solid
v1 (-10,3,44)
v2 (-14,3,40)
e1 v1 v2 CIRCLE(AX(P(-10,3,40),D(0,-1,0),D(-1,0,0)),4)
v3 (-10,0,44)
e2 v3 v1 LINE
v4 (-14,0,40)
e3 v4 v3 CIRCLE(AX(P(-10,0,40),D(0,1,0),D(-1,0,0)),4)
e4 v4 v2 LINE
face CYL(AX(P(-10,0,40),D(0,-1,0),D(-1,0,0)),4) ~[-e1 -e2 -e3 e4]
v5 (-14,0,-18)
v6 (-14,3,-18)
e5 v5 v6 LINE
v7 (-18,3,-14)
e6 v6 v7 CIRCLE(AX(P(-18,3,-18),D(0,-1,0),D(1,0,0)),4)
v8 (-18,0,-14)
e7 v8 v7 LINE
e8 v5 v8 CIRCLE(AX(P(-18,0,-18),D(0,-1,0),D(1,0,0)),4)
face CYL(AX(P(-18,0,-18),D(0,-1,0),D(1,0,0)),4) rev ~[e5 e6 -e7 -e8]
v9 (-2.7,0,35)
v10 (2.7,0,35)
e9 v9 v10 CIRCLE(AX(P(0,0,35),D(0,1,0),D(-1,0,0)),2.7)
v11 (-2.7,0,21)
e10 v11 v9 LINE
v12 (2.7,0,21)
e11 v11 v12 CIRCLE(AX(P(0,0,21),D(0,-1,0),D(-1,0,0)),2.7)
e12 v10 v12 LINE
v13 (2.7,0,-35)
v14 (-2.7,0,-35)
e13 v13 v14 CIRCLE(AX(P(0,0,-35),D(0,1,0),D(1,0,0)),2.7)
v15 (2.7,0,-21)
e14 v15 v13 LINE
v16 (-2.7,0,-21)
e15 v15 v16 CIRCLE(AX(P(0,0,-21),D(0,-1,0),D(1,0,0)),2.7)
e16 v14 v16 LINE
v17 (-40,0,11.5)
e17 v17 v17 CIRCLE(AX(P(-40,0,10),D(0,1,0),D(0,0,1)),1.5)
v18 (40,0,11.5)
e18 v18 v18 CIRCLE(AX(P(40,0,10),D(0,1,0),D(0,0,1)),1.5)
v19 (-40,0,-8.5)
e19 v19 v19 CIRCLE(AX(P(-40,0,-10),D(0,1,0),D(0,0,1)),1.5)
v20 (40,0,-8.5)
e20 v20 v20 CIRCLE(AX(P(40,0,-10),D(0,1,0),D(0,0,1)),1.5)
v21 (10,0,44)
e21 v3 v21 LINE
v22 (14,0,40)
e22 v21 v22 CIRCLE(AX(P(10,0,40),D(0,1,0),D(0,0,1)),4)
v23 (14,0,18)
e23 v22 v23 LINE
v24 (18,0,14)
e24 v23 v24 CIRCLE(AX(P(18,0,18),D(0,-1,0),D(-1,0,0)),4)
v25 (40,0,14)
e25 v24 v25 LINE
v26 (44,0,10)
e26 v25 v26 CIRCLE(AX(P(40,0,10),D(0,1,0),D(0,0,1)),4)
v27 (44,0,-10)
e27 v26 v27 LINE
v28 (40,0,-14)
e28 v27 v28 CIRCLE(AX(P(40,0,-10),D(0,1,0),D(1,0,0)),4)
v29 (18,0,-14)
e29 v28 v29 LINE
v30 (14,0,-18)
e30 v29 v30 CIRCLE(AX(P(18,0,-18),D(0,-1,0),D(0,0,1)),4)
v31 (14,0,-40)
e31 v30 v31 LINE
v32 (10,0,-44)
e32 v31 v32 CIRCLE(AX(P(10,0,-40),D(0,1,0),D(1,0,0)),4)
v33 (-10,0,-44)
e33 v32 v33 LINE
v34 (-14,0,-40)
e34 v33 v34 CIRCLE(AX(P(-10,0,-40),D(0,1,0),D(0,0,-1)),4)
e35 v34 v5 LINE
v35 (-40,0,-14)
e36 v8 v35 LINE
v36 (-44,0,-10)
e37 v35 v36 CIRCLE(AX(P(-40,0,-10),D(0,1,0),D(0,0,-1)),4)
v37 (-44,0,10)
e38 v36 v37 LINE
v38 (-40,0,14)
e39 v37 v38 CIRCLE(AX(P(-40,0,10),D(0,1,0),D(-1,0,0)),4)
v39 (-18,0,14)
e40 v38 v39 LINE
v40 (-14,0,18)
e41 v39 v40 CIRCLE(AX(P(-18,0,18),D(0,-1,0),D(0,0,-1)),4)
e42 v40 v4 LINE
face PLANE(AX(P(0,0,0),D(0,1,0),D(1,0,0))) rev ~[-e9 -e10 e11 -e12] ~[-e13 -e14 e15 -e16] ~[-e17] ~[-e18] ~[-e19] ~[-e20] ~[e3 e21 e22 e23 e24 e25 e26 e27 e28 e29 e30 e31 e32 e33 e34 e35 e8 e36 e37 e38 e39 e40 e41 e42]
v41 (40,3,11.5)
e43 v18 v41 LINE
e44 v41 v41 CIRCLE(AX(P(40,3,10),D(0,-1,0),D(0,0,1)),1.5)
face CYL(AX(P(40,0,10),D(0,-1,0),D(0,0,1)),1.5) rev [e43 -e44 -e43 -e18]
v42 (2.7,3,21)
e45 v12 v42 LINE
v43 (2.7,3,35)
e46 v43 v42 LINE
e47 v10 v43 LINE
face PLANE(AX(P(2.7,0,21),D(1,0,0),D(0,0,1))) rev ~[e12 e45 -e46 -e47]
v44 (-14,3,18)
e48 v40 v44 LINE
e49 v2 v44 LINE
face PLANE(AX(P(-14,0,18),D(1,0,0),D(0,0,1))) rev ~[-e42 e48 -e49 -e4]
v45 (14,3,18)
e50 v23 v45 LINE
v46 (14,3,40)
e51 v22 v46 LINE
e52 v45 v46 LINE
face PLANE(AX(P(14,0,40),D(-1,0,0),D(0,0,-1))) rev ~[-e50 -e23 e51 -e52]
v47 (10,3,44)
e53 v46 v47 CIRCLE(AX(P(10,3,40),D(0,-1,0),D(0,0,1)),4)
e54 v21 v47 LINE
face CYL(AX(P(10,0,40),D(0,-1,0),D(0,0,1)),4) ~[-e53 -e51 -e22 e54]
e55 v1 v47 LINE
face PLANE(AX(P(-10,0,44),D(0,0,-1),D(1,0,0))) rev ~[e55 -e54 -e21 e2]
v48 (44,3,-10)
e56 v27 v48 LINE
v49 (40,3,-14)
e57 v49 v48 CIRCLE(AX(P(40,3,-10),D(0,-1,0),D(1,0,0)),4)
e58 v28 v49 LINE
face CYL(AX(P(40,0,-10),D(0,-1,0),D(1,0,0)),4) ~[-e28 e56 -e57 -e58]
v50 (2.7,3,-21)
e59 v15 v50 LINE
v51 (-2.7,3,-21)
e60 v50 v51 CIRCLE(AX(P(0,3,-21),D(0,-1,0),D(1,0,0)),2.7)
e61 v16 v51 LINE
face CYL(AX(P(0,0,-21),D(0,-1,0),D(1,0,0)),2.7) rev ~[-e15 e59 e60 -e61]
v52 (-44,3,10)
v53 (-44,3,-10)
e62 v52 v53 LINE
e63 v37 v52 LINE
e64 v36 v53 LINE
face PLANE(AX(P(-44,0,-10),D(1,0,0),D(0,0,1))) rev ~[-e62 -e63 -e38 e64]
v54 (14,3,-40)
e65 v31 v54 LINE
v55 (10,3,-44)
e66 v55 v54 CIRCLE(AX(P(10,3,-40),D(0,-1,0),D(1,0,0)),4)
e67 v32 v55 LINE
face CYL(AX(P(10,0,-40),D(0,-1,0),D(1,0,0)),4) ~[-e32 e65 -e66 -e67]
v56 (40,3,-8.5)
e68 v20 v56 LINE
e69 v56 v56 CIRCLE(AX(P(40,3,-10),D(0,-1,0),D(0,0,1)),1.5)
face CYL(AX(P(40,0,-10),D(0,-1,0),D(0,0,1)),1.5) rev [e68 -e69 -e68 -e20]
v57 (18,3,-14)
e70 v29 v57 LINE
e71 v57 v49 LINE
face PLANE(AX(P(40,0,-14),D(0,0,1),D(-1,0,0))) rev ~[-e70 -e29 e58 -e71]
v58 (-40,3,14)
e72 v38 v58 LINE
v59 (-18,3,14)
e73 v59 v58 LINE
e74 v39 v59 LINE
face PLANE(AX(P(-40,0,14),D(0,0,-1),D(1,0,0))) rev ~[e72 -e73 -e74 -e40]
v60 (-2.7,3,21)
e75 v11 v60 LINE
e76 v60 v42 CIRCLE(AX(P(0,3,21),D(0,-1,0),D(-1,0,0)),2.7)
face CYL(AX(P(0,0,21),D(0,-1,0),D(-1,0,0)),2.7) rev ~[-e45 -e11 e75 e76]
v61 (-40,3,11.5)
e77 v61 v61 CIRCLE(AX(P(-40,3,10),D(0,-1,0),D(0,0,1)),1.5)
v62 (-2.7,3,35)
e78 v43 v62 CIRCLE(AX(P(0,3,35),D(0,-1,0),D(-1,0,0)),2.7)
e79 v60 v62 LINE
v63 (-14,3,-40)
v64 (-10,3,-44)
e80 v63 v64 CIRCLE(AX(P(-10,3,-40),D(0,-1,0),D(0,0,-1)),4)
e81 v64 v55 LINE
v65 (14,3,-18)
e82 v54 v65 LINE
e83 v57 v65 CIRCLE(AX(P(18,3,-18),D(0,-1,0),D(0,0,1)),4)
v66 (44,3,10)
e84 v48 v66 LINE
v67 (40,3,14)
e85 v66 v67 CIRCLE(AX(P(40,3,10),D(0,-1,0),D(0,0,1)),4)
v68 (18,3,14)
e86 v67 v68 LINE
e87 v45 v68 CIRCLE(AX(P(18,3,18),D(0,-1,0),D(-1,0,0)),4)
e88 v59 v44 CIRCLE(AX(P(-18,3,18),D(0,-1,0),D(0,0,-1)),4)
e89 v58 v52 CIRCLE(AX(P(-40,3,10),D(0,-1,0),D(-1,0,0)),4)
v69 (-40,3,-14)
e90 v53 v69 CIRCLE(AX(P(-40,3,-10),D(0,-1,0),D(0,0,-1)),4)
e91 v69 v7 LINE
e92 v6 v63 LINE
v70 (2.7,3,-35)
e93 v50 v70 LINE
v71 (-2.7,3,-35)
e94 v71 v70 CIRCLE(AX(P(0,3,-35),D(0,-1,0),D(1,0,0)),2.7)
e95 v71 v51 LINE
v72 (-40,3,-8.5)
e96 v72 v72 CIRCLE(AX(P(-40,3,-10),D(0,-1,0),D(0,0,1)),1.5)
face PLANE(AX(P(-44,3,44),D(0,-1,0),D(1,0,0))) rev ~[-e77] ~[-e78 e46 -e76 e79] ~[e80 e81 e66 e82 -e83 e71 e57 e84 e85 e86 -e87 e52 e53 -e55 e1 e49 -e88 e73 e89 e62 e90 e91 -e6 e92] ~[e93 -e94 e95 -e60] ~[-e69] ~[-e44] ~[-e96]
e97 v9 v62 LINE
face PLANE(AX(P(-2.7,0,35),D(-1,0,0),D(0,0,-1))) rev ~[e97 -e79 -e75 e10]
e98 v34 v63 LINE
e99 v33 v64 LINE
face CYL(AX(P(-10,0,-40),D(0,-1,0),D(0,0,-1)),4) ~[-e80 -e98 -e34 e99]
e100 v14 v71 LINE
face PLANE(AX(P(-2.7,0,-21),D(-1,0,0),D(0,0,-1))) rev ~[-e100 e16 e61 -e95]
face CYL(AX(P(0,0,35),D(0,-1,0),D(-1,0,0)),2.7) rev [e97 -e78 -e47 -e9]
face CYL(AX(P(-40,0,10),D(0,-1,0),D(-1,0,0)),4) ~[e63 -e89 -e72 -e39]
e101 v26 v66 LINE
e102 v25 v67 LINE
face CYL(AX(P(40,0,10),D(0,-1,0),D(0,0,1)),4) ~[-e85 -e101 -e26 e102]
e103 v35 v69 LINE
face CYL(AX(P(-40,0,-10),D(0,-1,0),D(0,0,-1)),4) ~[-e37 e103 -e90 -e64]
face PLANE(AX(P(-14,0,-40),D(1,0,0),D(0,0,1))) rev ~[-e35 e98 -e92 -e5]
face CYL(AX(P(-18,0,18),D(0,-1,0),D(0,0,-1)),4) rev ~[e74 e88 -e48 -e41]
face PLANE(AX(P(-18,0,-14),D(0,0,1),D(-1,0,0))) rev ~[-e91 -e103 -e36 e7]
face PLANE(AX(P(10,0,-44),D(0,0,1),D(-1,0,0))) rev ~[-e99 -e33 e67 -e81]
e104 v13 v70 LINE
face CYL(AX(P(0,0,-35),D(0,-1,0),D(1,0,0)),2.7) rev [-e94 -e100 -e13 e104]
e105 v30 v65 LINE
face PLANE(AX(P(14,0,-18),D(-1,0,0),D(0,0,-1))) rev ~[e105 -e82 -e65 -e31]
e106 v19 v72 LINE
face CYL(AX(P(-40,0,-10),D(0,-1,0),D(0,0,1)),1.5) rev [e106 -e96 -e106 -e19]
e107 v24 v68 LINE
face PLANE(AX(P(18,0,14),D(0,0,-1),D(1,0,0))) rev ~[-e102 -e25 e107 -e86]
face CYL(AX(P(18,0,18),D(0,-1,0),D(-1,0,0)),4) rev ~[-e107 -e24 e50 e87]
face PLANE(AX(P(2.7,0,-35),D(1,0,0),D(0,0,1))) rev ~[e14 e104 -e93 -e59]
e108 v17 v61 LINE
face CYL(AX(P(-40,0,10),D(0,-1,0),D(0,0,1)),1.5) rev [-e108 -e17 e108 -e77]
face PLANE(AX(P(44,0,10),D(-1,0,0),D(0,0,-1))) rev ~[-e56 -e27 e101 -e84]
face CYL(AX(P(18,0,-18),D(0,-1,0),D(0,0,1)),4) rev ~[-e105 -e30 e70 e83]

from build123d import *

# Parameters (mm, degrees)
SKETCH_1_R          = 1.5
EXTRUDE_1_DEPTH     = 5
CUT_EXTRUDE_1_DEPTH = 10
SKETCH_3_W          = 97.68283175
SKETCH_3_H          = 2
CUT_EXTRUDE_2_DEPTH = 94


with BuildPart() as part:
    # 草图1 → 凸台-拉伸1 (new body)
    with BuildSketch(Plane(origin=(0, 0, 0), x_dir=(1, 0, 0), z_dir=(0, 1, 0))):
        with BuildLine():
            Line((14, -40), (14, -18))
            ThreePointArc((14, -18), (15.171572875, -15.171572875), (18, -14))
            Line((18, -14), (40, -14))
            ThreePointArc((40, -14), (42.828427125, -12.828427125), (44, -10))
            Line((44, -10), (44, 10))
            ThreePointArc((44, 10), (42.828427125, 12.828427125), (40, 14))
            Line((40, 14), (18, 14))
            ThreePointArc((18, 14), (15.171572875, 15.171572875), (14, 18))
            Line((14, 18), (14, 40))
            ThreePointArc((14, 40), (12.828427125, 42.828427125), (10, 44))
            Line((10, 44), (-10, 44))
            ThreePointArc((-10, 44), (-12.828427125, 42.828427125), (-14, 40))
            Line((-14, 40), (-14, 18))
            ThreePointArc((-14, 18), (-15.171572875, 15.171572875), (-18, 14))
            Line((-18, 14), (-40, 14))
            ThreePointArc((-40, 14), (-42.828427125, 12.828427125), (-44, 10))
            Line((-44, 10), (-44, -10))
            ThreePointArc((-44, -10), (-42.828427125, -12.828427125), (-40, -14))
            Line((-40, -14), (-18, -14))
            ThreePointArc((-18, -14), (-15.171572875, -15.171572875), (-14, -18))
            Line((-14, -18), (-14, -40))
            ThreePointArc((-14, -40), (-12.828427125, -42.828427125), (-10, -44))
            Line((-10, -44), (10, -44))
            ThreePointArc((10, -44), (12.828427125, -42.828427125), (14, -40))
        make_face()
        with Locations(Location((40, 10, 0), (0, 0, 270))):
            Circle(SKETCH_1_R, mode=Mode.SUBTRACT)
        with Locations(Location((40, -10, 0), (0, 0, 270))):
            Circle(SKETCH_1_R, mode=Mode.SUBTRACT)
        with Locations(Location((-40, 10, 0), (0, 0, 270))):
            Circle(SKETCH_1_R, mode=Mode.SUBTRACT)
        with Locations(Location((-40, -10, 0), (0, 0, 270))):
            Circle(SKETCH_1_R, mode=Mode.SUBTRACT)
        with BuildLine():
            ThreePointArc((-2.7, 30), (0, 27.3), (2.7, 30))
            Line((2.7, 30), (2.7, 35))
            ThreePointArc((2.7, 35), (0, 37.7), (-2.7, 35))
            Line((-2.7, 35), (-2.7, 30))
        make_face(mode=Mode.SUBTRACT)
        with BuildLine():
            ThreePointArc((2.7, -30), (0, -27.3), (-2.7, -30))
            Line((-2.7, -30), (-2.7, -35))
            ThreePointArc((-2.7, -35), (0, -37.7), (2.7, -35))
            Line((2.7, -35), (2.7, -30))
        make_face(mode=Mode.SUBTRACT)
    extrude(amount=EXTRUDE_1_DEPTH)

    # 草图2 → 切除-拉伸1 (cut)
    with BuildSketch(Plane.XZ):
        with BuildLine():
            Line((-2.7, -21), (-2.7, -30))
            ThreePointArc((-2.7, -30), (0, -27.3), (2.7, -30))
            Line((2.7, -30), (2.7, -21))
            ThreePointArc((2.7, -21), (0, -18.3), (-2.7, -21))
        make_face()
        with BuildLine():
            ThreePointArc((2.7, 30), (0, 27.3), (-2.7, 30))
            Line((-2.7, 30), (-2.7, 21))
            ThreePointArc((-2.7, 21), (0, 18.3), (2.7, 21))
            Line((2.7, 21), (2.7, 30))
        make_face()
        with BuildLine():
            ThreePointArc((-2.7, -30), (0, -27.3), (2.7, -30))
            Line((2.7, -30), (2.7, -35))
            ThreePointArc((2.7, -35), (0, -37.7), (-2.7, -35))
            Line((-2.7, -35), (-2.7, -30))
        make_face()
        with BuildLine():
            ThreePointArc((2.7, 30), (0, 27.3), (-2.7, 30))
            Line((-2.7, 30), (-2.7, 35))
            ThreePointArc((-2.7, 35), (0, 37.7), (2.7, 35))
            Line((2.7, 35), (2.7, 30))
        make_face()
    extrude(amount=-CUT_EXTRUDE_1_DEPTH, mode=Mode.SUBTRACT)

    # 草图3 → 切除-拉伸2 (cut)
    with BuildSketch(Plane.XY.offset(44)):
        with Locations((4.841415875, 4)):
            Rectangle(SKETCH_3_W, SKETCH_3_H)
    extrude(amount=-CUT_EXTRUDE_2_DEPTH, mode=Mode.SUBTRACT)


solid = part.part
